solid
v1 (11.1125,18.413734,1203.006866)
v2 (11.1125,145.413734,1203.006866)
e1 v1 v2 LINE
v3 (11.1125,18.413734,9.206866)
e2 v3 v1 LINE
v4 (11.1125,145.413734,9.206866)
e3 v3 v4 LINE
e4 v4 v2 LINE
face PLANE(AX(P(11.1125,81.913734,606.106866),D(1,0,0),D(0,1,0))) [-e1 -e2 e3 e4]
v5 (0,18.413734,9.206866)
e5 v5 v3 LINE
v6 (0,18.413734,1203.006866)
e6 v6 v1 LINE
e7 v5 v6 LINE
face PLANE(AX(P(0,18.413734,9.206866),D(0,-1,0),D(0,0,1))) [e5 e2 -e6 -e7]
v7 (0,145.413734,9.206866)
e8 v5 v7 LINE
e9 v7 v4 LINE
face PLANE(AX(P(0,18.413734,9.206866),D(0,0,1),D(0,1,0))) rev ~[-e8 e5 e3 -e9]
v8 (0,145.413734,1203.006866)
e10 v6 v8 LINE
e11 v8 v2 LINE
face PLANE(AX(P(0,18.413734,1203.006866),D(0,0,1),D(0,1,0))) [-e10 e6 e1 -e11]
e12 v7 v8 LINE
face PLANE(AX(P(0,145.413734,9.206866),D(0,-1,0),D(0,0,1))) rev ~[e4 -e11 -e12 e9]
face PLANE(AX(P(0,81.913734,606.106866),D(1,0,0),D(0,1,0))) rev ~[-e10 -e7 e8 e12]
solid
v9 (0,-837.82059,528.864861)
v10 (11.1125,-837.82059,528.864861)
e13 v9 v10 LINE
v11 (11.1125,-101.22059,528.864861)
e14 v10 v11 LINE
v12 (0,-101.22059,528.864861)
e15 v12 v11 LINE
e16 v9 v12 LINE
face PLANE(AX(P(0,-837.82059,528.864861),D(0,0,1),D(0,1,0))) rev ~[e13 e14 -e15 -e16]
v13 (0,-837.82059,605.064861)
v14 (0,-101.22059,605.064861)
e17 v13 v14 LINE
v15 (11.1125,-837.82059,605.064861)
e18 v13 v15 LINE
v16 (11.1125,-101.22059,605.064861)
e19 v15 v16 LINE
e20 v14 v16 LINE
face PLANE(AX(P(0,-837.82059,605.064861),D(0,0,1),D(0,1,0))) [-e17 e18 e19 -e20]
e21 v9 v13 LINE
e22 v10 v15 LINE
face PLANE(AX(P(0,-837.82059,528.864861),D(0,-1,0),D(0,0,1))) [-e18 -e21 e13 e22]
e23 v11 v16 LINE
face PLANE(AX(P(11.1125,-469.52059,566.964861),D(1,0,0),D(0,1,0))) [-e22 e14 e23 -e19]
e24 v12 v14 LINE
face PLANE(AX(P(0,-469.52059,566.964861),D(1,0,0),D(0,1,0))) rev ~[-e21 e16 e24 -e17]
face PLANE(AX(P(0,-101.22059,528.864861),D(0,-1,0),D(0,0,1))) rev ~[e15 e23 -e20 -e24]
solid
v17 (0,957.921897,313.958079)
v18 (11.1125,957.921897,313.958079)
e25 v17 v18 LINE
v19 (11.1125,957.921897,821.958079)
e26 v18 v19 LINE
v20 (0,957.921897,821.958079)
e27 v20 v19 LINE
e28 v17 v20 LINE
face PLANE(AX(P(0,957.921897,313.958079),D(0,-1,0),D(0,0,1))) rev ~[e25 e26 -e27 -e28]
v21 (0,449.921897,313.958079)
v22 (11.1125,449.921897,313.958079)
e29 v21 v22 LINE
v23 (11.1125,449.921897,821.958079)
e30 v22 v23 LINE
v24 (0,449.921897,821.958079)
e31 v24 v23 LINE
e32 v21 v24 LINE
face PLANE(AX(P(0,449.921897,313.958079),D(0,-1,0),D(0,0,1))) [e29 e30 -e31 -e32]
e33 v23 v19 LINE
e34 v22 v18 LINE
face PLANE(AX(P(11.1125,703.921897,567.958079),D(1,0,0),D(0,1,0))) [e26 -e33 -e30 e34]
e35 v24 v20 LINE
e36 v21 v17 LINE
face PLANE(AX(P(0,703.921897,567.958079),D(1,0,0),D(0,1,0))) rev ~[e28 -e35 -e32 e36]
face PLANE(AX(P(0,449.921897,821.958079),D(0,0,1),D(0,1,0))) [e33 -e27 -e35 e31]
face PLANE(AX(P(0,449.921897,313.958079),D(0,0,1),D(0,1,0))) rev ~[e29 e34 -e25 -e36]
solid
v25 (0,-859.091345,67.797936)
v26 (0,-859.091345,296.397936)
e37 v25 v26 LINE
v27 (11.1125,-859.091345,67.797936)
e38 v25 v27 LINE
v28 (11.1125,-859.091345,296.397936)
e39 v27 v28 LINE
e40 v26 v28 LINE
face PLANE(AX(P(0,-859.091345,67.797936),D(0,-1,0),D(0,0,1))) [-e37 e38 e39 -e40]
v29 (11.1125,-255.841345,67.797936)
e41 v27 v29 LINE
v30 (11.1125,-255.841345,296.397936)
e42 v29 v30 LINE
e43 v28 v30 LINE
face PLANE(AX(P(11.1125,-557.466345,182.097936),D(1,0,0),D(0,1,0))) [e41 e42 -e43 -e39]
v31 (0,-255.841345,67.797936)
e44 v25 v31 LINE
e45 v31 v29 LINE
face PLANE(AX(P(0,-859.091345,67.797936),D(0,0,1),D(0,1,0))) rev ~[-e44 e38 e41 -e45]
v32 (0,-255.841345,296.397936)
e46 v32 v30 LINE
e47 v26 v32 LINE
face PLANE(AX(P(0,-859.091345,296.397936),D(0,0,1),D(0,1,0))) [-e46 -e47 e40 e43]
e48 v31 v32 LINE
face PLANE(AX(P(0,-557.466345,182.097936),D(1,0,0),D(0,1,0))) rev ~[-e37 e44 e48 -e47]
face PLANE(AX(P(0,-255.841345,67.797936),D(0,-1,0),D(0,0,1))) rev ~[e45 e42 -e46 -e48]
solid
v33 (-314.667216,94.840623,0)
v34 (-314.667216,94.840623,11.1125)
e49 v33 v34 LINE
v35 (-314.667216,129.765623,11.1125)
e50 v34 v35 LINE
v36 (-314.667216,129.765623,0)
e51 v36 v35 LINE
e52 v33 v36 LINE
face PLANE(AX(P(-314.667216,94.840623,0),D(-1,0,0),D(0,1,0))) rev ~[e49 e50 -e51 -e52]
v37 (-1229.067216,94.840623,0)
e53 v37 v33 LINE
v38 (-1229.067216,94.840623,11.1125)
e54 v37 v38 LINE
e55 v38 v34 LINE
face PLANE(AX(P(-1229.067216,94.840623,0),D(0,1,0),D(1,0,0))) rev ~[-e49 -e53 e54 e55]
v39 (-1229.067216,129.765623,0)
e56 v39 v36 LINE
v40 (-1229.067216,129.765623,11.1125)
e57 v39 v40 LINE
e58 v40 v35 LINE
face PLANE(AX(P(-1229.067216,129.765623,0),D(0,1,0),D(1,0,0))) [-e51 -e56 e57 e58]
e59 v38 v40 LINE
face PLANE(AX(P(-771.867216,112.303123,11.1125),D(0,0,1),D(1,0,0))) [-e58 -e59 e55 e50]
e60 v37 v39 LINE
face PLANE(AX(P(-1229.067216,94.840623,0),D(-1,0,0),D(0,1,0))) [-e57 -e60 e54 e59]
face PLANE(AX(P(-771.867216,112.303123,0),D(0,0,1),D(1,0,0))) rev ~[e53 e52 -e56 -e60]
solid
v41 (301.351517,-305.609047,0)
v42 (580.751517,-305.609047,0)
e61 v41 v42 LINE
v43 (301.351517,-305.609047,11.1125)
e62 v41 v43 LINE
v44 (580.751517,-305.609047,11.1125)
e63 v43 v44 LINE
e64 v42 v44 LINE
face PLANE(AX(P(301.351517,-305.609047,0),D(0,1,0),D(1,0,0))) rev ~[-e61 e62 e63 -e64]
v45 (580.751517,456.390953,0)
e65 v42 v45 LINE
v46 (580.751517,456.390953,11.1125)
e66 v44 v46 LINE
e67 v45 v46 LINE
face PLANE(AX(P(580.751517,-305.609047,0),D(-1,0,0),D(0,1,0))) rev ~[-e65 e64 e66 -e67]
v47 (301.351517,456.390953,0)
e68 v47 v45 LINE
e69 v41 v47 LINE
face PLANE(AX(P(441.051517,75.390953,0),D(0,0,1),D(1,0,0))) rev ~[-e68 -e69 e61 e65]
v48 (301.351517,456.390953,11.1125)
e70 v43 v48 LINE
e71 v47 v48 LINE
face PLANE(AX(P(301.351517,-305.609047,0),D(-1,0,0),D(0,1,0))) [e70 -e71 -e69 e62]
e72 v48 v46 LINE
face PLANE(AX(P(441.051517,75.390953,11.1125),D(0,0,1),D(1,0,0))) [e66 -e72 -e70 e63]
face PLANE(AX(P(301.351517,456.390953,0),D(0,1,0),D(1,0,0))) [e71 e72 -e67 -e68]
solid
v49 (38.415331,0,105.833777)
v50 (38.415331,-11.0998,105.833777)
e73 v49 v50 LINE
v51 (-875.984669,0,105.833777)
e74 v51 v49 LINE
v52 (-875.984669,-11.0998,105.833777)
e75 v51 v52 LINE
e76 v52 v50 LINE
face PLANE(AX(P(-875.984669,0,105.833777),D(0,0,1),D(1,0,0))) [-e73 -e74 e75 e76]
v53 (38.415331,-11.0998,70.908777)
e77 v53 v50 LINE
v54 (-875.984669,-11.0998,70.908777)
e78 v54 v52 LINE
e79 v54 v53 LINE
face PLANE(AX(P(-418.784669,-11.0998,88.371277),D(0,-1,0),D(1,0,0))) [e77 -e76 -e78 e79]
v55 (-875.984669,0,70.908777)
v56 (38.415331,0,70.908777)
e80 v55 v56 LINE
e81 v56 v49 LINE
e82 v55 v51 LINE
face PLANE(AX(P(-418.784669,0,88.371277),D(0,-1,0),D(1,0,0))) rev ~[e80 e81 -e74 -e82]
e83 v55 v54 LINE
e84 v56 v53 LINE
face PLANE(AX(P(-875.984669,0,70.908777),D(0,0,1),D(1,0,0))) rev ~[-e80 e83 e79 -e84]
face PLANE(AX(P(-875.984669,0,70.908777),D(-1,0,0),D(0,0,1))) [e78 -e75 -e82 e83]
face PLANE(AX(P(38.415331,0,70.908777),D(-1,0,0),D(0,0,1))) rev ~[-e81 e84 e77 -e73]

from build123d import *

# Parameters (mm, degrees)
F0_W      = 127
F0_H      = 1193.8
F1_DEPTH  = 11.1125
F2_W      = 603.25
F2_H      = 228.6
F3_DEPTH  = 11.1125
F4_W      = 736.6
F4_H      = 76.2
F5_DEPTH  = 11.1125
F6_W      = 279.4
F6_H      = 762
F7_DEPTH  = 11.1125
F8_W      = 508
F8_H      = 508
F9_DEPTH  = 11.1125
F10_W     = 914.4
F10_H     = 34.925
F11_DEPTH = 11.0998
F12_W     = 914.4
F12_H     = 34.925
F13_DEPTH = 11.1125


with BuildPart() as f1:
    # F0 (on Right) → F1 (new body)
    with BuildSketch(Plane.YZ):
        with Locations((81.913734, 606.106866)):
            Rectangle(F0_W, F0_H)
    extrude(amount=F1_DEPTH)


with BuildPart() as f3:
    # F2 (on Right) → F3 (new body)
    with BuildSketch(Plane.YZ):
        with Locations((-557.466345, 182.097936)):
            Rectangle(F2_W, F2_H)
    extrude(amount=F3_DEPTH)


with BuildPart() as f5:
    # F4 (on Right) → F5 (new body)
    with BuildSketch(Plane.YZ):
        with Locations((-469.52059, 566.964861)):
            Rectangle(F4_W, F4_H)
    extrude(amount=F5_DEPTH)


with BuildPart() as f7:
    # F6 (on Top) → F7 (new body)
    with BuildSketch(Plane.XY):
        with Locations((441.051517, 75.390953)):
            Rectangle(F6_W, F6_H)
    extrude(amount=F7_DEPTH)


with BuildPart() as f9:
    # F8 (on Right) → F9 (new body)
    with BuildSketch(Plane.YZ):
        with Locations((703.921897, 567.958079)):
            Rectangle(F8_W, F8_H)
    extrude(amount=F9_DEPTH)


with BuildPart() as f11:
    # F10 (on Front) → F11 (new body)
    with BuildSketch(Plane.XZ):
        with Locations((-418.784669, 88.371277)):
            Rectangle(F10_W, F10_H)
    extrude(amount=F11_DEPTH)


with BuildPart() as f13:
    # F12 (on Top) → F13 (new body)
    with BuildSketch(Plane.XY):
        with Locations((-771.867216, 112.303123)):
            Rectangle(F12_W, F12_H)
    extrude(amount=F13_DEPTH)


solid = Compound([f1.part, f3.part, f5.part, f7.part, f9.part, f11.part, f13.part])
